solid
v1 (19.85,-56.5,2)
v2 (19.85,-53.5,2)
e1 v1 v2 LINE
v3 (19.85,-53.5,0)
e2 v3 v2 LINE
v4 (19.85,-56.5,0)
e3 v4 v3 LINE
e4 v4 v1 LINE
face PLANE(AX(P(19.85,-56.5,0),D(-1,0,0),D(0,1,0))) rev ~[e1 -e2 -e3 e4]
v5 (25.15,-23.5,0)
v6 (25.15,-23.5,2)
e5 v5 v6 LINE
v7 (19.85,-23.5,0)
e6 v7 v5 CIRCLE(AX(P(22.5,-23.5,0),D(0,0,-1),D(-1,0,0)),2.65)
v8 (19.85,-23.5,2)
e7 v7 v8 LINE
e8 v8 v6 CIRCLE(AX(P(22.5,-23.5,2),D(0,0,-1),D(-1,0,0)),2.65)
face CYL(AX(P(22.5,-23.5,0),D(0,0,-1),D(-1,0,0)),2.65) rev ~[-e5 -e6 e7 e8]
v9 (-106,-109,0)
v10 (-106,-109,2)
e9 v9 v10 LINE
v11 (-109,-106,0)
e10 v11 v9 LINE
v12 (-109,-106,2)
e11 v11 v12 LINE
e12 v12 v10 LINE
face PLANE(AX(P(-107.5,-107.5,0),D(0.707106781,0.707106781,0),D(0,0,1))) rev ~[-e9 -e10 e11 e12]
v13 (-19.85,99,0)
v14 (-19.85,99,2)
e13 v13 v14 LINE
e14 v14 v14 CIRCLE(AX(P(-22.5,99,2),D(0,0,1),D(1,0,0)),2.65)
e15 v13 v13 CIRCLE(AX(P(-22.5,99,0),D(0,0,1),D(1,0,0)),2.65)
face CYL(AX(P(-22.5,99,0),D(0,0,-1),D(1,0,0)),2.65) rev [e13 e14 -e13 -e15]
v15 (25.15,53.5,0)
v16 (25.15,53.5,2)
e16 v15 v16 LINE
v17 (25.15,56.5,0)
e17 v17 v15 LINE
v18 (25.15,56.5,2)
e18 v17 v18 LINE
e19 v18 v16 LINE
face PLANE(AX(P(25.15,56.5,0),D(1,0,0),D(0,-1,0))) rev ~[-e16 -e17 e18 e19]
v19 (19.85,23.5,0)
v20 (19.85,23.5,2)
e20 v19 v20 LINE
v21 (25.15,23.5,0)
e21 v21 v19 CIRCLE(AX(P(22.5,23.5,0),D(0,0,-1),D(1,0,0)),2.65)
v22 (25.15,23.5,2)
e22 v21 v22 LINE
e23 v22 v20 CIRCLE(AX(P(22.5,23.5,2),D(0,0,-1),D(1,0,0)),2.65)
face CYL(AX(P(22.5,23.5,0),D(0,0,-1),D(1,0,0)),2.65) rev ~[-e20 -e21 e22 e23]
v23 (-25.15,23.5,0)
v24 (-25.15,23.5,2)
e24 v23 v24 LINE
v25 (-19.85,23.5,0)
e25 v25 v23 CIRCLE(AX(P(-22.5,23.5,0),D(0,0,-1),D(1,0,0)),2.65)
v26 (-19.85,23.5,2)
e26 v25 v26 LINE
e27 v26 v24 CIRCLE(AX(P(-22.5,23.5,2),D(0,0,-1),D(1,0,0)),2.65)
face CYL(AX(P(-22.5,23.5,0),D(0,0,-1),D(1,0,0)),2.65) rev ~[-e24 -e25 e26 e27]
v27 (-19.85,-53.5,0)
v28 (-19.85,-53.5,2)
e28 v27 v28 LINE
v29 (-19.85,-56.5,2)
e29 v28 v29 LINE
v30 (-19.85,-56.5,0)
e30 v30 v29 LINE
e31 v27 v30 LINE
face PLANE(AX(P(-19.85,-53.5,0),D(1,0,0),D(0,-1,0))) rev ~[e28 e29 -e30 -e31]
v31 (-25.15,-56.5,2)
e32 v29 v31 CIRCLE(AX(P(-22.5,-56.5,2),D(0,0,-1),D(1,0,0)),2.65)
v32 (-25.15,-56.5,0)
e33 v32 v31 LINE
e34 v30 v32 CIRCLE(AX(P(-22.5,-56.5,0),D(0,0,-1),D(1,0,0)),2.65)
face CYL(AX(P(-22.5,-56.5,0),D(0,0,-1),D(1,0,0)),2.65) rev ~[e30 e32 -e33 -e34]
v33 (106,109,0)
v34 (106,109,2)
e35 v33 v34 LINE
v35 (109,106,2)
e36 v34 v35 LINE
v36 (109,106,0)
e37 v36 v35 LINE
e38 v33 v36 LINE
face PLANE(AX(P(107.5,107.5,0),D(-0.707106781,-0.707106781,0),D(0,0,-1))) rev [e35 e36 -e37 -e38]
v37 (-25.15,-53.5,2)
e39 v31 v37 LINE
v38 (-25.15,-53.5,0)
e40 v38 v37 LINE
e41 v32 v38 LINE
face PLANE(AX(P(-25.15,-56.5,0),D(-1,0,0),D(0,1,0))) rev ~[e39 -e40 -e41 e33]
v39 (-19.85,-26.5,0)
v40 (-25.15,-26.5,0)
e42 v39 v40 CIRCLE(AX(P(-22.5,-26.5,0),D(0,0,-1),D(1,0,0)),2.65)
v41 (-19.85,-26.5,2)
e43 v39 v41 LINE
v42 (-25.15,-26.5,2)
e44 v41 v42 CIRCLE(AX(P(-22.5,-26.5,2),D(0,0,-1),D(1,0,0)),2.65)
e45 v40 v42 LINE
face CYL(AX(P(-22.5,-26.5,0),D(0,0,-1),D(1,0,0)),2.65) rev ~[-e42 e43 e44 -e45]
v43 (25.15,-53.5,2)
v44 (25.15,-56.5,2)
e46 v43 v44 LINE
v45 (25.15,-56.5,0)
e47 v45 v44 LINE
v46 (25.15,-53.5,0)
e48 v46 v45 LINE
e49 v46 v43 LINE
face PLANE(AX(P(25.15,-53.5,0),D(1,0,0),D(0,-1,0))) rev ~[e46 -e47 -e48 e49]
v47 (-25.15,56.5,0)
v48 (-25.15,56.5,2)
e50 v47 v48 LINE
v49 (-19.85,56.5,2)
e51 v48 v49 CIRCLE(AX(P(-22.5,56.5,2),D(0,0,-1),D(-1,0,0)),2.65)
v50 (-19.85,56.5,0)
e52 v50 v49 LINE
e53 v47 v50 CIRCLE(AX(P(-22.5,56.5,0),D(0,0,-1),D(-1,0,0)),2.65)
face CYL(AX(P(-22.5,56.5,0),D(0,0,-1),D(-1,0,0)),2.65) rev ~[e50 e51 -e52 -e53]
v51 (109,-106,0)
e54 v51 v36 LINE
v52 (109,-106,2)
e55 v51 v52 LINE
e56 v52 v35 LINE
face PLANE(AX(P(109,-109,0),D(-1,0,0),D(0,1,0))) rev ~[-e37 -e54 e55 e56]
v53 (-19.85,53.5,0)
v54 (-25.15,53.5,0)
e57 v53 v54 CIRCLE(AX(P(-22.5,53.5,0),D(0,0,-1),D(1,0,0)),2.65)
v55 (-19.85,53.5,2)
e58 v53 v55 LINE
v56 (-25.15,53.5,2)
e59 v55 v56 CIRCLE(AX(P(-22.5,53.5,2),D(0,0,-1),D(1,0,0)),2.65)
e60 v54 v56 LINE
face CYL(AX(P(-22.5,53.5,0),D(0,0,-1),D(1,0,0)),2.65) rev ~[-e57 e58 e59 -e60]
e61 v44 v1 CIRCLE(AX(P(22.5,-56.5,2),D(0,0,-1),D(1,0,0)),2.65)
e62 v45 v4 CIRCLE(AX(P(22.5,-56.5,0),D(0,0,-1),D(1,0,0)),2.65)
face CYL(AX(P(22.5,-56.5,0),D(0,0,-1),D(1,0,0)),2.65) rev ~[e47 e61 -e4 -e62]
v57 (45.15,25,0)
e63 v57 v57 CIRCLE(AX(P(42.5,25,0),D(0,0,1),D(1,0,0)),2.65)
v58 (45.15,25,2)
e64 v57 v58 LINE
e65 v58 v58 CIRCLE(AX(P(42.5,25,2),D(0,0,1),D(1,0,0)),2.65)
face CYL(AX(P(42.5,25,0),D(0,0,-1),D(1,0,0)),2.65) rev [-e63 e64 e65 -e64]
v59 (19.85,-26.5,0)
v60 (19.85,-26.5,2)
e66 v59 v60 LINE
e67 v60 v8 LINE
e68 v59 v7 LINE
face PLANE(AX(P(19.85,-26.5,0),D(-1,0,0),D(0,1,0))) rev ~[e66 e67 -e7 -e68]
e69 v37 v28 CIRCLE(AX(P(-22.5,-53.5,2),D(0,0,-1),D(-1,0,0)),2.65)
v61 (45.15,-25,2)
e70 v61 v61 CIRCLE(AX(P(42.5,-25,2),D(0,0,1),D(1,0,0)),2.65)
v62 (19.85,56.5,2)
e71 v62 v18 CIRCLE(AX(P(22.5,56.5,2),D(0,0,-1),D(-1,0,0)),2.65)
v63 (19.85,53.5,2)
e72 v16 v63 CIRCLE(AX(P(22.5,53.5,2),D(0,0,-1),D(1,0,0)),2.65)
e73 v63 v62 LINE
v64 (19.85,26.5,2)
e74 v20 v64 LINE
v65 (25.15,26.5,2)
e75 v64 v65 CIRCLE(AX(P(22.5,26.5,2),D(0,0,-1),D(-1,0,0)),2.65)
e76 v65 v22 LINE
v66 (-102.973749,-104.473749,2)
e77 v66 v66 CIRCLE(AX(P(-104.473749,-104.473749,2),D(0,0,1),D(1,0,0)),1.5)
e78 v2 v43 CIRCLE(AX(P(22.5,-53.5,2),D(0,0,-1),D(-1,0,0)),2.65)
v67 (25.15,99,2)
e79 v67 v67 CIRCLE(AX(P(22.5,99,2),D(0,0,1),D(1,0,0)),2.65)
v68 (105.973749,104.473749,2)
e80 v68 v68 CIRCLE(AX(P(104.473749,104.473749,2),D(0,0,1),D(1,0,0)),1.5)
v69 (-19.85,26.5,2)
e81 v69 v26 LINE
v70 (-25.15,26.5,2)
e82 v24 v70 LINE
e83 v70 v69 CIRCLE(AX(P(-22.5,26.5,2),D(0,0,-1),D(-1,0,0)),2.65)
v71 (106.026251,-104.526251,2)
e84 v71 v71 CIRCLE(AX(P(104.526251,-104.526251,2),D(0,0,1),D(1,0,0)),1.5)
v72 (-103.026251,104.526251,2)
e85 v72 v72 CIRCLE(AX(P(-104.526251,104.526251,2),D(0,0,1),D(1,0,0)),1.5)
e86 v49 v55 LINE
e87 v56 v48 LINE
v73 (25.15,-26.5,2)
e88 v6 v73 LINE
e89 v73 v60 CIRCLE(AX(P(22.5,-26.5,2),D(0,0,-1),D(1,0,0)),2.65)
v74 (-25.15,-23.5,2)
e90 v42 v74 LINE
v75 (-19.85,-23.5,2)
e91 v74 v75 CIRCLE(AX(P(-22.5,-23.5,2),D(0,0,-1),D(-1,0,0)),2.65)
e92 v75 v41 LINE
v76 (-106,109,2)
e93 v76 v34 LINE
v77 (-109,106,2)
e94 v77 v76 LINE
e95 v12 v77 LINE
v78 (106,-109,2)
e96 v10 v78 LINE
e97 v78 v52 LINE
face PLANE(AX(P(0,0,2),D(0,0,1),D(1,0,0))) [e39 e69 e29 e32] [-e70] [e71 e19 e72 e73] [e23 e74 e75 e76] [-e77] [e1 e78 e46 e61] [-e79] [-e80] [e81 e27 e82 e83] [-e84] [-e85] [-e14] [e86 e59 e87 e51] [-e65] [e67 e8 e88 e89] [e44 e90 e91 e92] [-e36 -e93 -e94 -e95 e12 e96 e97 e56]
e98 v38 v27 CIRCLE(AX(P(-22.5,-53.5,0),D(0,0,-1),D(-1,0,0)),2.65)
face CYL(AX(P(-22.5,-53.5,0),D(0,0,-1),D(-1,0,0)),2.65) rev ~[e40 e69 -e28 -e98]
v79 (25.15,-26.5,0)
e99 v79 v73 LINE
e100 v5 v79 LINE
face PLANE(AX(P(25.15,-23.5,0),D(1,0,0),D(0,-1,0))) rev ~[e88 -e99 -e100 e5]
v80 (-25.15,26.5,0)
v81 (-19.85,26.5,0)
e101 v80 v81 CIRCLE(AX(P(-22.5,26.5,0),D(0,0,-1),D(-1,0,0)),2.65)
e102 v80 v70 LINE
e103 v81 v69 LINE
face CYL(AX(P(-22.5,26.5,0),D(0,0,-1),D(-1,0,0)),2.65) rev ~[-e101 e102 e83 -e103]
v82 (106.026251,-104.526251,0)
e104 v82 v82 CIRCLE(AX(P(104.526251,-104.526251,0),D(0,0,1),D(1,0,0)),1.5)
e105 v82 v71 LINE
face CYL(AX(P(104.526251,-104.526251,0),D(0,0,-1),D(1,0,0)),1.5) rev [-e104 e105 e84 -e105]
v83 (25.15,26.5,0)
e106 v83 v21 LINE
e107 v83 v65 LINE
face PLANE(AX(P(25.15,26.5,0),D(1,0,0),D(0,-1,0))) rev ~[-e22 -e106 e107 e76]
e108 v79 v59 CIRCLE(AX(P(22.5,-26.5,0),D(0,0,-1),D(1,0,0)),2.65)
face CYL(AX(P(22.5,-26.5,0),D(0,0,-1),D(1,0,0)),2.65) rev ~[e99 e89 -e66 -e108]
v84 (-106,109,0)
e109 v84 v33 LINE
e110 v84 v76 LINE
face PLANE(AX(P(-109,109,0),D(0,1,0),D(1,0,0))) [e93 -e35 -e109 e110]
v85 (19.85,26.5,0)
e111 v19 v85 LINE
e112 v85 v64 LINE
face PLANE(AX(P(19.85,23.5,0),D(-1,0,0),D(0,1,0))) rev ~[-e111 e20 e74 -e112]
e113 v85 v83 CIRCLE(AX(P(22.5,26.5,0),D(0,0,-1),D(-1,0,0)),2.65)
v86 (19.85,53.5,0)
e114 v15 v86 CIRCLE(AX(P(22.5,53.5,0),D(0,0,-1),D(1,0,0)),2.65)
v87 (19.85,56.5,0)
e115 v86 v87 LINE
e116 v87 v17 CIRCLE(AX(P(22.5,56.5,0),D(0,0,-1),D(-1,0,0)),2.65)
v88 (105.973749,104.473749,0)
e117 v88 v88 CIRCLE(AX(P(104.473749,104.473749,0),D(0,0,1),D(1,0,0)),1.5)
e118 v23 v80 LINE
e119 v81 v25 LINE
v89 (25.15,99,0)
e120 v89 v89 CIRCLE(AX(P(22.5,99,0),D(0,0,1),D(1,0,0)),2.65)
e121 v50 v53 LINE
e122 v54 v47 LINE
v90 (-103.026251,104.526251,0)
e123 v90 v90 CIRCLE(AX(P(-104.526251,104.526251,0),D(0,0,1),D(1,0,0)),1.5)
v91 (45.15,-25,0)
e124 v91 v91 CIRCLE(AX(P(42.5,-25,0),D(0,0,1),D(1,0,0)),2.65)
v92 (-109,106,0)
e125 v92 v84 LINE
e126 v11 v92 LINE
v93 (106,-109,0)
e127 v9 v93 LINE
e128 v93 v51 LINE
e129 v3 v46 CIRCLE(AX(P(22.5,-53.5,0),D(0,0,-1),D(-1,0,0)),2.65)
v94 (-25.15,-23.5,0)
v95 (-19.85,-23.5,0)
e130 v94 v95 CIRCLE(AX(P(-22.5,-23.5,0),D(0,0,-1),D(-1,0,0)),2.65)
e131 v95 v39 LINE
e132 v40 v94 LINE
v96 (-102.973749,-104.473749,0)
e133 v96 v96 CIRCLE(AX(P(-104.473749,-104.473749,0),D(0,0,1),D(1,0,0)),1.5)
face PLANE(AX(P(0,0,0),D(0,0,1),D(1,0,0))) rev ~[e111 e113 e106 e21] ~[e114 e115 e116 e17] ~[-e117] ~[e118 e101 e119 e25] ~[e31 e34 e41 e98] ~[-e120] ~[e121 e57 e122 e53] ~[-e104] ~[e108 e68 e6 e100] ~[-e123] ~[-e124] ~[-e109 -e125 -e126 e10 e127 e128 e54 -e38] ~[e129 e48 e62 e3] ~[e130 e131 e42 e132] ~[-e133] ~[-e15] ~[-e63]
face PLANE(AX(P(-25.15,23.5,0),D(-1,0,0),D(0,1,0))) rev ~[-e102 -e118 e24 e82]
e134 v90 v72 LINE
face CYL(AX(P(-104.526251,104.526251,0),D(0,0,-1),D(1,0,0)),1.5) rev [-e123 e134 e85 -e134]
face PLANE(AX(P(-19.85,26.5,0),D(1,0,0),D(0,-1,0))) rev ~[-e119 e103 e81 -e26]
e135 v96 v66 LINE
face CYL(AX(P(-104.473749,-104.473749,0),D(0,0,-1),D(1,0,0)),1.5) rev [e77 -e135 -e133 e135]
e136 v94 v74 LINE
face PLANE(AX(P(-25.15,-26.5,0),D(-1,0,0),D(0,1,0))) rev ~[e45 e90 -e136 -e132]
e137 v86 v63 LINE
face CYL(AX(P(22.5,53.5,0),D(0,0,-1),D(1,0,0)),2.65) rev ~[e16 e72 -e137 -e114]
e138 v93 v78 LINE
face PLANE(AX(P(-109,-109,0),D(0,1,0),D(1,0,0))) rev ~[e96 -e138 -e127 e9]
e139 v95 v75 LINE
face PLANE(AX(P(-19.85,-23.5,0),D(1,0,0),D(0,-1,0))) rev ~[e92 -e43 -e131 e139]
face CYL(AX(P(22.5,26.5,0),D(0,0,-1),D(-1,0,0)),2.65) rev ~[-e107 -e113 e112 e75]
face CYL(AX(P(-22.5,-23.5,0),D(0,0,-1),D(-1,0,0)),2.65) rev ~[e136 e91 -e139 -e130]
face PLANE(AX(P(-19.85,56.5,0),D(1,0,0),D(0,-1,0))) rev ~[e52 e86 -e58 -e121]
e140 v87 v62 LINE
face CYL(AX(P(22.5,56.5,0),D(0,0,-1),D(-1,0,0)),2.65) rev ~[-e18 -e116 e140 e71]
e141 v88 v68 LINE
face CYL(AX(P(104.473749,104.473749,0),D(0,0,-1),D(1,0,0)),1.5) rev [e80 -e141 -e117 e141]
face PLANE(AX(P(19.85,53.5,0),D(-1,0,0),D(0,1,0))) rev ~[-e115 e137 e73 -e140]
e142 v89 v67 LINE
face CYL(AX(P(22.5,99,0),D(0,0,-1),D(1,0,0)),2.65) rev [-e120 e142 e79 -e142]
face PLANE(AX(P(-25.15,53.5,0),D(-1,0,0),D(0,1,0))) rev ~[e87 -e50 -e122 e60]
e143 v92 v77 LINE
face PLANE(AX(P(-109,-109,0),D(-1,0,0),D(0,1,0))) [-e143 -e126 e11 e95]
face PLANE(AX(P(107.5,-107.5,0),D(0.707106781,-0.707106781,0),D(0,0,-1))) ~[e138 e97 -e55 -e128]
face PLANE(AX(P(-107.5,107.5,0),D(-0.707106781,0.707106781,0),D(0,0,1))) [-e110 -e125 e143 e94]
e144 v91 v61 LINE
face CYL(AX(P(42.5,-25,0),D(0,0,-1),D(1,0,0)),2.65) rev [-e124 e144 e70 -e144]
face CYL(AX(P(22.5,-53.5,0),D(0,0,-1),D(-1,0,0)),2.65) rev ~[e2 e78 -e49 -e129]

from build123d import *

# Parameters (mm, degrees)
SKETCH1_W           = 218
SKETCH1_H           = 218
SKETCH1_R           = 1.5
SKETCH1_R_2         = 2.65
BOSS_EXTRUDE1_DEPTH = 2
CHAMFER1_SIZE       = 3


with BuildPart() as part:
    # Sketch1 → Boss-Extrude1 (new body)
    with BuildSketch(Plane.XY):
        Rectangle(SKETCH1_W, SKETCH1_H)
        with Locations((-104.526250503, 104.526250503)):
            Circle(SKETCH1_R, mode=Mode.SUBTRACT)
        with Locations((104.473749497, 104.473749497)):
            Circle(SKETCH1_R, mode=Mode.SUBTRACT)
        with Locations((104.526250503, -104.526250503)):
            Circle(SKETCH1_R, mode=Mode.SUBTRACT)
        with Locations((-104.473749497, -104.473749497)):
            Circle(SKETCH1_R, mode=Mode.SUBTRACT)
        with Locations((42.5, 25)):
            Circle(SKETCH1_R_2, mode=Mode.SUBTRACT)
        with Locations((42.5, -25)):
            Circle(SKETCH1_R_2, mode=Mode.SUBTRACT)
        with Locations((-22.5, 99)):
            Circle(SKETCH1_R_2, mode=Mode.SUBTRACT)
        with Locations((22.5, 99)):
            Circle(SKETCH1_R_2, mode=Mode.SUBTRACT)
        with BuildLine():
            Line((-19.85, 56.5), (-19.85, 53.5))
            ThreePointArc((-19.85, 53.5), (-22.5, 50.85), (-25.15, 53.5))
            Line((-25.15, 53.5), (-25.15, 56.5))
            ThreePointArc((-25.15, 56.5), (-22.5, 59.15), (-19.85, 56.5))
        make_face(mode=Mode.SUBTRACT)
        with BuildLine():
            Line((-25.15, 23.5), (-25.15, 26.5))
            ThreePointArc((-25.15, 26.5), (-22.5, 29.15), (-19.85, 26.5))
            Line((-19.85, 26.5), (-19.85, 23.5))
            ThreePointArc((-19.85, 23.5), (-22.5, 20.85), (-25.15, 23.5))
        make_face(mode=Mode.SUBTRACT)
        with BuildLine():
            Line((25.15, 56.5), (25.15, 53.5))
            ThreePointArc((25.15, 53.5), (22.5, 50.85), (19.85, 53.5))
            Line((19.85, 53.5), (19.85, 56.5))
            ThreePointArc((19.85, 56.5), (22.5, 59.15), (25.15, 56.5))
        make_face(mode=Mode.SUBTRACT)
        with BuildLine():
            Line((19.85, 23.5), (19.85, 26.5))
            ThreePointArc((19.85, 26.5), (22.5, 29.15), (25.15, 26.5))
            Line((25.15, 26.5), (25.15, 23.5))
            ThreePointArc((25.15, 23.5), (22.5, 20.85), (19.85, 23.5))
        make_face(mode=Mode.SUBTRACT)
        with BuildLine():
            Line((25.15, -23.5), (25.15, -26.5))
            ThreePointArc((25.15, -26.5), (22.5, -29.15), (19.85, -26.5))
            Line((19.85, -26.5), (19.85, -23.5))
            ThreePointArc((19.85, -23.5), (22.5, -20.85), (25.15, -23.5))
        make_face(mode=Mode.SUBTRACT)
        with BuildLine():
            Line((19.85, -56.5), (19.85, -53.5))
            ThreePointArc((19.85, -53.5), (22.5, -50.85), (25.15, -53.5))
            Line((25.15, -53.5), (25.15, -56.5))
            ThreePointArc((25.15, -56.5), (22.5, -59.15), (19.85, -56.5))
        make_face(mode=Mode.SUBTRACT)
        with BuildLine():
            Line((-19.85, -23.5), (-19.85, -26.5))
            ThreePointArc((-19.85, -26.5), (-22.5, -29.15), (-25.15, -26.5))
            Line((-25.15, -26.5), (-25.15, -23.5))
            ThreePointArc((-25.15, -23.5), (-22.5, -20.85), (-19.85, -23.5))
        make_face(mode=Mode.SUBTRACT)
        with BuildLine():
            Line((-25.15, -56.5), (-25.15, -53.5))
            ThreePointArc((-25.15, -53.5), (-22.5, -50.85), (-19.85, -53.5))
            Line((-19.85, -53.5), (-19.85, -56.5))
            ThreePointArc((-19.85, -56.5), (-22.5, -59.15), (-25.15, -56.5))
        make_face(mode=Mode.SUBTRACT)
    extrude(amount=BOSS_EXTRUDE1_DEPTH)

    # Chamfer1
    chamfer1_edges = [part.edges().sort_by_distance(p)[0] for p in [
        (109, -109, 1),
        (-109, -109, 1),
        (-109, 109, 1),
        (109, 109, 1),
    ]]
    chamfer(chamfer1_edges, length=CHAMFER1_SIZE)


solid = part.part
